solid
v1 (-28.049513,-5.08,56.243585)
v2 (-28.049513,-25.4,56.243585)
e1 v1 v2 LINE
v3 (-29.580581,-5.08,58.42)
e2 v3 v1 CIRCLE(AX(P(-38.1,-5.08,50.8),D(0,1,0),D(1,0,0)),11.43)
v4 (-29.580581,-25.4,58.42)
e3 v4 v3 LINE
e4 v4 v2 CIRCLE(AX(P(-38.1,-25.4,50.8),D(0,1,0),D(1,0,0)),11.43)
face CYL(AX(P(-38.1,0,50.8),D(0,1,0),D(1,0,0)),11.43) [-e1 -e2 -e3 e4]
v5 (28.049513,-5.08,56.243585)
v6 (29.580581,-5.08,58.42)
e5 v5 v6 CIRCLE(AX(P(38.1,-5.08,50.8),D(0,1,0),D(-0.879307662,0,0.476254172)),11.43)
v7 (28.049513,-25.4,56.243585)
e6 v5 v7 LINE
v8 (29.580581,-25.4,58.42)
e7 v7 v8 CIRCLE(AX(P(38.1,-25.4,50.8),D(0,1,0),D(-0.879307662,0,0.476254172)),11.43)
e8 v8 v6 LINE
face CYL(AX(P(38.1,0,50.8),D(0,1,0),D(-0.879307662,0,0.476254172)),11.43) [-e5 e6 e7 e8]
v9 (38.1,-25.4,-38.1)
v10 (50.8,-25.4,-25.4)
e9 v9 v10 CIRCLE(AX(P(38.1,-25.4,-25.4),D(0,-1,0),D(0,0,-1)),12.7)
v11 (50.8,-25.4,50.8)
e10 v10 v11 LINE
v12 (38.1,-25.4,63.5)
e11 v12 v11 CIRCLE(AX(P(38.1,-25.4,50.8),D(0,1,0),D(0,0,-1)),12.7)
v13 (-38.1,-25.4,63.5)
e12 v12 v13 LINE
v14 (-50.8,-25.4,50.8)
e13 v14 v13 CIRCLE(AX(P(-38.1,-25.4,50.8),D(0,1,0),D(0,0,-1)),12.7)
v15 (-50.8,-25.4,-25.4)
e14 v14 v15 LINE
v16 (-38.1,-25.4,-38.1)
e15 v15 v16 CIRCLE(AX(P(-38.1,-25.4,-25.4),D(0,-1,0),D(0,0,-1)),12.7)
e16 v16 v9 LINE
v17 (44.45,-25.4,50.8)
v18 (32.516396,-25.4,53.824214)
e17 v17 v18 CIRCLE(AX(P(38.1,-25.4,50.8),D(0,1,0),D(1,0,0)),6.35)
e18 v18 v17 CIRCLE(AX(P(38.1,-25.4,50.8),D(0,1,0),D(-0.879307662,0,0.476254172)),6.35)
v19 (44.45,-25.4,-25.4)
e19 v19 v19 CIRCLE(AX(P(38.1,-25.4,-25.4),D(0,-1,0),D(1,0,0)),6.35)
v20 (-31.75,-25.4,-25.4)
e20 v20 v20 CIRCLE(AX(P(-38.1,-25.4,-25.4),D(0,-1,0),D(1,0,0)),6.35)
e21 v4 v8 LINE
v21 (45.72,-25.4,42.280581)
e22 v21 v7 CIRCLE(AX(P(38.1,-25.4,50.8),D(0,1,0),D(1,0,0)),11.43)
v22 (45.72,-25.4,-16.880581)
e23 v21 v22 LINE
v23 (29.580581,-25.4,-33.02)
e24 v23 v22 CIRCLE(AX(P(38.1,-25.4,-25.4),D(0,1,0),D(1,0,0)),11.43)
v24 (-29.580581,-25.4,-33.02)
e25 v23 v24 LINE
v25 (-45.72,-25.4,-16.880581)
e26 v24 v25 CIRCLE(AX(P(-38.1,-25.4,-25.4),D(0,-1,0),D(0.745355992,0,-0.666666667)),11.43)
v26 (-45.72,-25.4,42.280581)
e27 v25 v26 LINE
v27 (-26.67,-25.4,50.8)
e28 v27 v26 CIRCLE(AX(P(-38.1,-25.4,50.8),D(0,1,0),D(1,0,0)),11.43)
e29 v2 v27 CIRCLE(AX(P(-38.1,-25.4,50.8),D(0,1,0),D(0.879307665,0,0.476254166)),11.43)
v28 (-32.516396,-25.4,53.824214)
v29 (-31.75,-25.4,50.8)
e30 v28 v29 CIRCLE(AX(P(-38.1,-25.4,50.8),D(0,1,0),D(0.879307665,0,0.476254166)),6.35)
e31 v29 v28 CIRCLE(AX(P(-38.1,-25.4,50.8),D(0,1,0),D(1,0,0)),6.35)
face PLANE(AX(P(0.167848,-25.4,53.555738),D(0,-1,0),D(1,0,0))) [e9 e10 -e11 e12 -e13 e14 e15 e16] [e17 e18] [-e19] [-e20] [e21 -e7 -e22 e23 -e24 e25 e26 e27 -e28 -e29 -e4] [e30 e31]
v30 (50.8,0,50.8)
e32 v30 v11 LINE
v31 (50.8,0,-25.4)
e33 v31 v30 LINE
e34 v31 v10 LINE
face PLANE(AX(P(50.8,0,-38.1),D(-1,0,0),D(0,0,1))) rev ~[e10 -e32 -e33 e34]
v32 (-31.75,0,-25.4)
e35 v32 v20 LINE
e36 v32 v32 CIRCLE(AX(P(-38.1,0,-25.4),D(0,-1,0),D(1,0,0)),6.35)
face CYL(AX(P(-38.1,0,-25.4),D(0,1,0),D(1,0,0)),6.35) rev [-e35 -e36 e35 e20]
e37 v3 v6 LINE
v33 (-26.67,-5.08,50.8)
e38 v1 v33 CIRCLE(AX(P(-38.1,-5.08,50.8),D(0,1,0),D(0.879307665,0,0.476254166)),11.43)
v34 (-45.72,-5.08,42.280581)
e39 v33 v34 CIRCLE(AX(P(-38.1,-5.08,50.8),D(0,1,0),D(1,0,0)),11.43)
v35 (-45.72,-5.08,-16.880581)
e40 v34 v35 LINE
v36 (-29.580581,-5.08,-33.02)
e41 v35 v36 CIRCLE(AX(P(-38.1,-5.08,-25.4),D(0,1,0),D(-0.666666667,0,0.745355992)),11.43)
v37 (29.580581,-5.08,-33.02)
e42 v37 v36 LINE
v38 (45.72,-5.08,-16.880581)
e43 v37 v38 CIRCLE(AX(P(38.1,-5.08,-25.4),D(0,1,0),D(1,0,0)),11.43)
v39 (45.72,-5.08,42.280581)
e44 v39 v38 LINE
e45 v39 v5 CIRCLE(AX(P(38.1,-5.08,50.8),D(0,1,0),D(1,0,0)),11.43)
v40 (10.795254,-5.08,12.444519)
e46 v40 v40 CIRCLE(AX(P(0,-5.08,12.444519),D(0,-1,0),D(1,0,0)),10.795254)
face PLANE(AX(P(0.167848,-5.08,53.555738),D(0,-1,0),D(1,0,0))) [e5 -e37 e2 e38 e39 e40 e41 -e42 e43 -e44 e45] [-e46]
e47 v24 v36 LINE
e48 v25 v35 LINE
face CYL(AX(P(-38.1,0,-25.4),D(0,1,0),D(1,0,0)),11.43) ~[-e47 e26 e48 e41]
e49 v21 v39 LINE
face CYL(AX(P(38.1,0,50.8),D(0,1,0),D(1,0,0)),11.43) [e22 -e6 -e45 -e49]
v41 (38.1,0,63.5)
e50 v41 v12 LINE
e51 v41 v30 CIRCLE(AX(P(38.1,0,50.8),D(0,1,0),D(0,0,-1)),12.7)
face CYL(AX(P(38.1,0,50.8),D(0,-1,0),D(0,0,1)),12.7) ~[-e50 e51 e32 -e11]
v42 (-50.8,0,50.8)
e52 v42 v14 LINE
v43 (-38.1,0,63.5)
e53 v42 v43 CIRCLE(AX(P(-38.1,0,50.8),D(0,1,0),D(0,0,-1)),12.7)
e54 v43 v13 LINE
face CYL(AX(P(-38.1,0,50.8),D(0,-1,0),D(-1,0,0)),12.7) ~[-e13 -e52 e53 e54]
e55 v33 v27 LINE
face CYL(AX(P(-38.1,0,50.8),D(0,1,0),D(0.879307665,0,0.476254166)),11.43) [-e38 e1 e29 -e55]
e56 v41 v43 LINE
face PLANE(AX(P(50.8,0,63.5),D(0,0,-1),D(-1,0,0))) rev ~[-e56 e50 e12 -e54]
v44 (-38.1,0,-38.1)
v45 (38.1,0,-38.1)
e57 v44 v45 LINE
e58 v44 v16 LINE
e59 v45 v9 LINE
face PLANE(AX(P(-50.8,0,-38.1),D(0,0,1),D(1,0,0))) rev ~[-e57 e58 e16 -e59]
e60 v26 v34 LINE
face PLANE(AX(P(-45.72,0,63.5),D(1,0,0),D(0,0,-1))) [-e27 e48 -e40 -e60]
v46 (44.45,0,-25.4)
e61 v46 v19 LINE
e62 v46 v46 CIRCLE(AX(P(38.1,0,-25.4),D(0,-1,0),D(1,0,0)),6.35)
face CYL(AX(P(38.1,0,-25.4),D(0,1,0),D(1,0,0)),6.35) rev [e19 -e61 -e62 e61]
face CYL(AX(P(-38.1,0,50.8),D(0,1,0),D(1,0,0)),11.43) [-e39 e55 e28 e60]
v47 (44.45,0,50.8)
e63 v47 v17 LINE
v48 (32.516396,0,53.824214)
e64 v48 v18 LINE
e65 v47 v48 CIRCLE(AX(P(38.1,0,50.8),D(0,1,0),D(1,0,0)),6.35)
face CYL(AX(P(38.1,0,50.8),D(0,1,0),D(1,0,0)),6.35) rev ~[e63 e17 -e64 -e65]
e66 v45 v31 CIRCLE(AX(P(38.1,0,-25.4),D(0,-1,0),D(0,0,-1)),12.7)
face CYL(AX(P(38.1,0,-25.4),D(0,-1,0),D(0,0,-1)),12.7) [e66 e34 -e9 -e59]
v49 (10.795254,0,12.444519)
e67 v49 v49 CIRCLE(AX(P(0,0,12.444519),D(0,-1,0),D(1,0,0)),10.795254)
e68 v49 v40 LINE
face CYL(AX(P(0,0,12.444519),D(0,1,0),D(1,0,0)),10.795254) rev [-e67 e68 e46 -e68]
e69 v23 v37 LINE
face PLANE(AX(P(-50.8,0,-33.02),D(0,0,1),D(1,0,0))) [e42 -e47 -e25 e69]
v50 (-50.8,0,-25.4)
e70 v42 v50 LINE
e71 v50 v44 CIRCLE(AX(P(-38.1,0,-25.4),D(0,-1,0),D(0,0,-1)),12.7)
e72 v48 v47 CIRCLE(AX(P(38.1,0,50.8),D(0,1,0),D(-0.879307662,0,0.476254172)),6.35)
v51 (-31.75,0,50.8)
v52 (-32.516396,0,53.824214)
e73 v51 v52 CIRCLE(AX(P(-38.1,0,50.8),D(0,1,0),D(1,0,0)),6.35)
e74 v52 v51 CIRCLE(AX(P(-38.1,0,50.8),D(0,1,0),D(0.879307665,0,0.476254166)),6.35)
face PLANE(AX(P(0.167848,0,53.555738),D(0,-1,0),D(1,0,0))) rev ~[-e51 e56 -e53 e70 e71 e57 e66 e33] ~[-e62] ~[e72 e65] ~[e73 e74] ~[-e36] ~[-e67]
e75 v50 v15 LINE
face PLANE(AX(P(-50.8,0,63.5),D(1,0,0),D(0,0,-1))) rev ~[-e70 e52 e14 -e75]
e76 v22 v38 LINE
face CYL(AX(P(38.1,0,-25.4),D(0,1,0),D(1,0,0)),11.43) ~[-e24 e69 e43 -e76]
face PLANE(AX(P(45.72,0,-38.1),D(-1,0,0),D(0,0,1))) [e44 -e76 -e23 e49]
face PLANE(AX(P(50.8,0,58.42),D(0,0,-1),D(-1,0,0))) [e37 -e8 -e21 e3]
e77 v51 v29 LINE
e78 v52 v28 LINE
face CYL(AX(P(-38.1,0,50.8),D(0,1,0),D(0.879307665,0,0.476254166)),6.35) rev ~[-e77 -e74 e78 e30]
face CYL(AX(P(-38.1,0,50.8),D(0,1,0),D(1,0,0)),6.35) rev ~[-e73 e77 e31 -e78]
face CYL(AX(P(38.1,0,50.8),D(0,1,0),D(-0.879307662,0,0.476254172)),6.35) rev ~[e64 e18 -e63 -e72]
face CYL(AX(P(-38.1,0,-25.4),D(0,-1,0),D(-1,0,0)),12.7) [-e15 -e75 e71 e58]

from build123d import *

# Parameters (mm, degrees)
F0_R     = 6.35
F1_DEPTH = 25.4
F2_R     = 12.7
F3_R     = 12.7
F4_T     = -5.08
F6_R     = 10.7952537359
F5_DEPTH = 5.08


with BuildPart() as f1:
    # F0 (on Front) → F1 (new body)
    with BuildSketch(Plane.XZ):
        with BuildLine():
            Line((0, 63.5), (-36.1179809239, 63.5))
            ThreePointArc((-36.1179809239, 63.5), (-34.6565238325, 58.535797401), (-32.5163963302, 53.8242139571))
            ThreePointArc((-32.5163963302, 53.8242139571), (1.97e-08, 34.4563321571), (32.516396349, 53.8242139918))
            ThreePointArc((32.516396349, 53.8242139918), (34.6565238393, 58.5357974195), (36.1179809239, 63.5))
            Line((36.1179809239, 63.5), (0, 63.5))
        make_face()
        with BuildLine():
            Line((-36.1179809239, 63.5), (-50.8, 63.5))
            Line((-50.8, 63.5), (-50.8, -38.1))
            Line((-50.8, -38.1), (50.8, -38.1))
            Line((50.8, -38.1), (50.8, 63.5))
            Line((50.8, 63.5), (36.1179809239, 63.5))
            ThreePointArc((36.1179809239, 63.5), (34.6565238393, 58.5357974195), (32.516396349, 53.8242139918))
            ThreePointArc((32.516396349, 53.8242139918), (1.97e-08, 34.4563321571), (-32.5163963302, 53.8242139571))
            ThreePointArc((-32.5163963302, 53.8242139571), (-34.6565238325, 58.535797401), (-36.1179809239, 63.5))
        make_face()
        with Locations((-38.1, -25.4)):
            Circle(F0_R, mode=Mode.SUBTRACT)
        with Locations((38.1, -25.4)):
            Circle(F0_R, mode=Mode.SUBTRACT)
        with BuildLine():
            ThreePointArc((-31.75, 50.8), (-44.2554196974, 49.2400934809), (-32.5163963302, 53.8242139571))
            ThreePointArc((-32.5163963302, 53.8242139571), (-31.9445803026, 52.3599065191), (-31.75, 50.8))
        make_face(mode=Mode.SUBTRACT)
        with BuildLine():
            ThreePointArc((44.45, 50.8), (36.5400934618, 44.6445803074), (32.516396349, 53.8242139918))
            ThreePointArc((32.516396349, 53.8242139918), (39.6599065382, 56.9554196926), (44.45, 50.8))
        make_face(mode=Mode.SUBTRACT)
    extrude(amount=F1_DEPTH)

    # F2
    f2_edges = [f1.edges().sort_by_distance(p)[0] for p in [
        (-50.8, -12.7, -38.1),
        (50.8, -12.7, -38.1),
    ]]
    fillet(f2_edges, radius=F2_R)

    # F3
    f3_edges = [f1.edges().sort_by_distance(p)[0] for p in [
        (-50.8, -12.7, 63.5),
        (50.8, -12.7, 63.5),
    ]]
    fillet(f3_edges, radius=F3_R)

    # F4
    f4_openings = [f1.faces().sort_by_distance(p)[0] for p in [
        (0, -25.4, 12.7),
    ]]
    offset(amount=F4_T, openings=f4_openings, kind=Kind.INTERSECTION)

    # F6 (on face) → F5 (cut, through all)
    with BuildSketch(Plane.XZ):
        with Locations((0, 12.4445185065)):
            Circle(F6_R)
    extrude(amount=F5_DEPTH, mode=Mode.SUBTRACT)


solid = f1.part
